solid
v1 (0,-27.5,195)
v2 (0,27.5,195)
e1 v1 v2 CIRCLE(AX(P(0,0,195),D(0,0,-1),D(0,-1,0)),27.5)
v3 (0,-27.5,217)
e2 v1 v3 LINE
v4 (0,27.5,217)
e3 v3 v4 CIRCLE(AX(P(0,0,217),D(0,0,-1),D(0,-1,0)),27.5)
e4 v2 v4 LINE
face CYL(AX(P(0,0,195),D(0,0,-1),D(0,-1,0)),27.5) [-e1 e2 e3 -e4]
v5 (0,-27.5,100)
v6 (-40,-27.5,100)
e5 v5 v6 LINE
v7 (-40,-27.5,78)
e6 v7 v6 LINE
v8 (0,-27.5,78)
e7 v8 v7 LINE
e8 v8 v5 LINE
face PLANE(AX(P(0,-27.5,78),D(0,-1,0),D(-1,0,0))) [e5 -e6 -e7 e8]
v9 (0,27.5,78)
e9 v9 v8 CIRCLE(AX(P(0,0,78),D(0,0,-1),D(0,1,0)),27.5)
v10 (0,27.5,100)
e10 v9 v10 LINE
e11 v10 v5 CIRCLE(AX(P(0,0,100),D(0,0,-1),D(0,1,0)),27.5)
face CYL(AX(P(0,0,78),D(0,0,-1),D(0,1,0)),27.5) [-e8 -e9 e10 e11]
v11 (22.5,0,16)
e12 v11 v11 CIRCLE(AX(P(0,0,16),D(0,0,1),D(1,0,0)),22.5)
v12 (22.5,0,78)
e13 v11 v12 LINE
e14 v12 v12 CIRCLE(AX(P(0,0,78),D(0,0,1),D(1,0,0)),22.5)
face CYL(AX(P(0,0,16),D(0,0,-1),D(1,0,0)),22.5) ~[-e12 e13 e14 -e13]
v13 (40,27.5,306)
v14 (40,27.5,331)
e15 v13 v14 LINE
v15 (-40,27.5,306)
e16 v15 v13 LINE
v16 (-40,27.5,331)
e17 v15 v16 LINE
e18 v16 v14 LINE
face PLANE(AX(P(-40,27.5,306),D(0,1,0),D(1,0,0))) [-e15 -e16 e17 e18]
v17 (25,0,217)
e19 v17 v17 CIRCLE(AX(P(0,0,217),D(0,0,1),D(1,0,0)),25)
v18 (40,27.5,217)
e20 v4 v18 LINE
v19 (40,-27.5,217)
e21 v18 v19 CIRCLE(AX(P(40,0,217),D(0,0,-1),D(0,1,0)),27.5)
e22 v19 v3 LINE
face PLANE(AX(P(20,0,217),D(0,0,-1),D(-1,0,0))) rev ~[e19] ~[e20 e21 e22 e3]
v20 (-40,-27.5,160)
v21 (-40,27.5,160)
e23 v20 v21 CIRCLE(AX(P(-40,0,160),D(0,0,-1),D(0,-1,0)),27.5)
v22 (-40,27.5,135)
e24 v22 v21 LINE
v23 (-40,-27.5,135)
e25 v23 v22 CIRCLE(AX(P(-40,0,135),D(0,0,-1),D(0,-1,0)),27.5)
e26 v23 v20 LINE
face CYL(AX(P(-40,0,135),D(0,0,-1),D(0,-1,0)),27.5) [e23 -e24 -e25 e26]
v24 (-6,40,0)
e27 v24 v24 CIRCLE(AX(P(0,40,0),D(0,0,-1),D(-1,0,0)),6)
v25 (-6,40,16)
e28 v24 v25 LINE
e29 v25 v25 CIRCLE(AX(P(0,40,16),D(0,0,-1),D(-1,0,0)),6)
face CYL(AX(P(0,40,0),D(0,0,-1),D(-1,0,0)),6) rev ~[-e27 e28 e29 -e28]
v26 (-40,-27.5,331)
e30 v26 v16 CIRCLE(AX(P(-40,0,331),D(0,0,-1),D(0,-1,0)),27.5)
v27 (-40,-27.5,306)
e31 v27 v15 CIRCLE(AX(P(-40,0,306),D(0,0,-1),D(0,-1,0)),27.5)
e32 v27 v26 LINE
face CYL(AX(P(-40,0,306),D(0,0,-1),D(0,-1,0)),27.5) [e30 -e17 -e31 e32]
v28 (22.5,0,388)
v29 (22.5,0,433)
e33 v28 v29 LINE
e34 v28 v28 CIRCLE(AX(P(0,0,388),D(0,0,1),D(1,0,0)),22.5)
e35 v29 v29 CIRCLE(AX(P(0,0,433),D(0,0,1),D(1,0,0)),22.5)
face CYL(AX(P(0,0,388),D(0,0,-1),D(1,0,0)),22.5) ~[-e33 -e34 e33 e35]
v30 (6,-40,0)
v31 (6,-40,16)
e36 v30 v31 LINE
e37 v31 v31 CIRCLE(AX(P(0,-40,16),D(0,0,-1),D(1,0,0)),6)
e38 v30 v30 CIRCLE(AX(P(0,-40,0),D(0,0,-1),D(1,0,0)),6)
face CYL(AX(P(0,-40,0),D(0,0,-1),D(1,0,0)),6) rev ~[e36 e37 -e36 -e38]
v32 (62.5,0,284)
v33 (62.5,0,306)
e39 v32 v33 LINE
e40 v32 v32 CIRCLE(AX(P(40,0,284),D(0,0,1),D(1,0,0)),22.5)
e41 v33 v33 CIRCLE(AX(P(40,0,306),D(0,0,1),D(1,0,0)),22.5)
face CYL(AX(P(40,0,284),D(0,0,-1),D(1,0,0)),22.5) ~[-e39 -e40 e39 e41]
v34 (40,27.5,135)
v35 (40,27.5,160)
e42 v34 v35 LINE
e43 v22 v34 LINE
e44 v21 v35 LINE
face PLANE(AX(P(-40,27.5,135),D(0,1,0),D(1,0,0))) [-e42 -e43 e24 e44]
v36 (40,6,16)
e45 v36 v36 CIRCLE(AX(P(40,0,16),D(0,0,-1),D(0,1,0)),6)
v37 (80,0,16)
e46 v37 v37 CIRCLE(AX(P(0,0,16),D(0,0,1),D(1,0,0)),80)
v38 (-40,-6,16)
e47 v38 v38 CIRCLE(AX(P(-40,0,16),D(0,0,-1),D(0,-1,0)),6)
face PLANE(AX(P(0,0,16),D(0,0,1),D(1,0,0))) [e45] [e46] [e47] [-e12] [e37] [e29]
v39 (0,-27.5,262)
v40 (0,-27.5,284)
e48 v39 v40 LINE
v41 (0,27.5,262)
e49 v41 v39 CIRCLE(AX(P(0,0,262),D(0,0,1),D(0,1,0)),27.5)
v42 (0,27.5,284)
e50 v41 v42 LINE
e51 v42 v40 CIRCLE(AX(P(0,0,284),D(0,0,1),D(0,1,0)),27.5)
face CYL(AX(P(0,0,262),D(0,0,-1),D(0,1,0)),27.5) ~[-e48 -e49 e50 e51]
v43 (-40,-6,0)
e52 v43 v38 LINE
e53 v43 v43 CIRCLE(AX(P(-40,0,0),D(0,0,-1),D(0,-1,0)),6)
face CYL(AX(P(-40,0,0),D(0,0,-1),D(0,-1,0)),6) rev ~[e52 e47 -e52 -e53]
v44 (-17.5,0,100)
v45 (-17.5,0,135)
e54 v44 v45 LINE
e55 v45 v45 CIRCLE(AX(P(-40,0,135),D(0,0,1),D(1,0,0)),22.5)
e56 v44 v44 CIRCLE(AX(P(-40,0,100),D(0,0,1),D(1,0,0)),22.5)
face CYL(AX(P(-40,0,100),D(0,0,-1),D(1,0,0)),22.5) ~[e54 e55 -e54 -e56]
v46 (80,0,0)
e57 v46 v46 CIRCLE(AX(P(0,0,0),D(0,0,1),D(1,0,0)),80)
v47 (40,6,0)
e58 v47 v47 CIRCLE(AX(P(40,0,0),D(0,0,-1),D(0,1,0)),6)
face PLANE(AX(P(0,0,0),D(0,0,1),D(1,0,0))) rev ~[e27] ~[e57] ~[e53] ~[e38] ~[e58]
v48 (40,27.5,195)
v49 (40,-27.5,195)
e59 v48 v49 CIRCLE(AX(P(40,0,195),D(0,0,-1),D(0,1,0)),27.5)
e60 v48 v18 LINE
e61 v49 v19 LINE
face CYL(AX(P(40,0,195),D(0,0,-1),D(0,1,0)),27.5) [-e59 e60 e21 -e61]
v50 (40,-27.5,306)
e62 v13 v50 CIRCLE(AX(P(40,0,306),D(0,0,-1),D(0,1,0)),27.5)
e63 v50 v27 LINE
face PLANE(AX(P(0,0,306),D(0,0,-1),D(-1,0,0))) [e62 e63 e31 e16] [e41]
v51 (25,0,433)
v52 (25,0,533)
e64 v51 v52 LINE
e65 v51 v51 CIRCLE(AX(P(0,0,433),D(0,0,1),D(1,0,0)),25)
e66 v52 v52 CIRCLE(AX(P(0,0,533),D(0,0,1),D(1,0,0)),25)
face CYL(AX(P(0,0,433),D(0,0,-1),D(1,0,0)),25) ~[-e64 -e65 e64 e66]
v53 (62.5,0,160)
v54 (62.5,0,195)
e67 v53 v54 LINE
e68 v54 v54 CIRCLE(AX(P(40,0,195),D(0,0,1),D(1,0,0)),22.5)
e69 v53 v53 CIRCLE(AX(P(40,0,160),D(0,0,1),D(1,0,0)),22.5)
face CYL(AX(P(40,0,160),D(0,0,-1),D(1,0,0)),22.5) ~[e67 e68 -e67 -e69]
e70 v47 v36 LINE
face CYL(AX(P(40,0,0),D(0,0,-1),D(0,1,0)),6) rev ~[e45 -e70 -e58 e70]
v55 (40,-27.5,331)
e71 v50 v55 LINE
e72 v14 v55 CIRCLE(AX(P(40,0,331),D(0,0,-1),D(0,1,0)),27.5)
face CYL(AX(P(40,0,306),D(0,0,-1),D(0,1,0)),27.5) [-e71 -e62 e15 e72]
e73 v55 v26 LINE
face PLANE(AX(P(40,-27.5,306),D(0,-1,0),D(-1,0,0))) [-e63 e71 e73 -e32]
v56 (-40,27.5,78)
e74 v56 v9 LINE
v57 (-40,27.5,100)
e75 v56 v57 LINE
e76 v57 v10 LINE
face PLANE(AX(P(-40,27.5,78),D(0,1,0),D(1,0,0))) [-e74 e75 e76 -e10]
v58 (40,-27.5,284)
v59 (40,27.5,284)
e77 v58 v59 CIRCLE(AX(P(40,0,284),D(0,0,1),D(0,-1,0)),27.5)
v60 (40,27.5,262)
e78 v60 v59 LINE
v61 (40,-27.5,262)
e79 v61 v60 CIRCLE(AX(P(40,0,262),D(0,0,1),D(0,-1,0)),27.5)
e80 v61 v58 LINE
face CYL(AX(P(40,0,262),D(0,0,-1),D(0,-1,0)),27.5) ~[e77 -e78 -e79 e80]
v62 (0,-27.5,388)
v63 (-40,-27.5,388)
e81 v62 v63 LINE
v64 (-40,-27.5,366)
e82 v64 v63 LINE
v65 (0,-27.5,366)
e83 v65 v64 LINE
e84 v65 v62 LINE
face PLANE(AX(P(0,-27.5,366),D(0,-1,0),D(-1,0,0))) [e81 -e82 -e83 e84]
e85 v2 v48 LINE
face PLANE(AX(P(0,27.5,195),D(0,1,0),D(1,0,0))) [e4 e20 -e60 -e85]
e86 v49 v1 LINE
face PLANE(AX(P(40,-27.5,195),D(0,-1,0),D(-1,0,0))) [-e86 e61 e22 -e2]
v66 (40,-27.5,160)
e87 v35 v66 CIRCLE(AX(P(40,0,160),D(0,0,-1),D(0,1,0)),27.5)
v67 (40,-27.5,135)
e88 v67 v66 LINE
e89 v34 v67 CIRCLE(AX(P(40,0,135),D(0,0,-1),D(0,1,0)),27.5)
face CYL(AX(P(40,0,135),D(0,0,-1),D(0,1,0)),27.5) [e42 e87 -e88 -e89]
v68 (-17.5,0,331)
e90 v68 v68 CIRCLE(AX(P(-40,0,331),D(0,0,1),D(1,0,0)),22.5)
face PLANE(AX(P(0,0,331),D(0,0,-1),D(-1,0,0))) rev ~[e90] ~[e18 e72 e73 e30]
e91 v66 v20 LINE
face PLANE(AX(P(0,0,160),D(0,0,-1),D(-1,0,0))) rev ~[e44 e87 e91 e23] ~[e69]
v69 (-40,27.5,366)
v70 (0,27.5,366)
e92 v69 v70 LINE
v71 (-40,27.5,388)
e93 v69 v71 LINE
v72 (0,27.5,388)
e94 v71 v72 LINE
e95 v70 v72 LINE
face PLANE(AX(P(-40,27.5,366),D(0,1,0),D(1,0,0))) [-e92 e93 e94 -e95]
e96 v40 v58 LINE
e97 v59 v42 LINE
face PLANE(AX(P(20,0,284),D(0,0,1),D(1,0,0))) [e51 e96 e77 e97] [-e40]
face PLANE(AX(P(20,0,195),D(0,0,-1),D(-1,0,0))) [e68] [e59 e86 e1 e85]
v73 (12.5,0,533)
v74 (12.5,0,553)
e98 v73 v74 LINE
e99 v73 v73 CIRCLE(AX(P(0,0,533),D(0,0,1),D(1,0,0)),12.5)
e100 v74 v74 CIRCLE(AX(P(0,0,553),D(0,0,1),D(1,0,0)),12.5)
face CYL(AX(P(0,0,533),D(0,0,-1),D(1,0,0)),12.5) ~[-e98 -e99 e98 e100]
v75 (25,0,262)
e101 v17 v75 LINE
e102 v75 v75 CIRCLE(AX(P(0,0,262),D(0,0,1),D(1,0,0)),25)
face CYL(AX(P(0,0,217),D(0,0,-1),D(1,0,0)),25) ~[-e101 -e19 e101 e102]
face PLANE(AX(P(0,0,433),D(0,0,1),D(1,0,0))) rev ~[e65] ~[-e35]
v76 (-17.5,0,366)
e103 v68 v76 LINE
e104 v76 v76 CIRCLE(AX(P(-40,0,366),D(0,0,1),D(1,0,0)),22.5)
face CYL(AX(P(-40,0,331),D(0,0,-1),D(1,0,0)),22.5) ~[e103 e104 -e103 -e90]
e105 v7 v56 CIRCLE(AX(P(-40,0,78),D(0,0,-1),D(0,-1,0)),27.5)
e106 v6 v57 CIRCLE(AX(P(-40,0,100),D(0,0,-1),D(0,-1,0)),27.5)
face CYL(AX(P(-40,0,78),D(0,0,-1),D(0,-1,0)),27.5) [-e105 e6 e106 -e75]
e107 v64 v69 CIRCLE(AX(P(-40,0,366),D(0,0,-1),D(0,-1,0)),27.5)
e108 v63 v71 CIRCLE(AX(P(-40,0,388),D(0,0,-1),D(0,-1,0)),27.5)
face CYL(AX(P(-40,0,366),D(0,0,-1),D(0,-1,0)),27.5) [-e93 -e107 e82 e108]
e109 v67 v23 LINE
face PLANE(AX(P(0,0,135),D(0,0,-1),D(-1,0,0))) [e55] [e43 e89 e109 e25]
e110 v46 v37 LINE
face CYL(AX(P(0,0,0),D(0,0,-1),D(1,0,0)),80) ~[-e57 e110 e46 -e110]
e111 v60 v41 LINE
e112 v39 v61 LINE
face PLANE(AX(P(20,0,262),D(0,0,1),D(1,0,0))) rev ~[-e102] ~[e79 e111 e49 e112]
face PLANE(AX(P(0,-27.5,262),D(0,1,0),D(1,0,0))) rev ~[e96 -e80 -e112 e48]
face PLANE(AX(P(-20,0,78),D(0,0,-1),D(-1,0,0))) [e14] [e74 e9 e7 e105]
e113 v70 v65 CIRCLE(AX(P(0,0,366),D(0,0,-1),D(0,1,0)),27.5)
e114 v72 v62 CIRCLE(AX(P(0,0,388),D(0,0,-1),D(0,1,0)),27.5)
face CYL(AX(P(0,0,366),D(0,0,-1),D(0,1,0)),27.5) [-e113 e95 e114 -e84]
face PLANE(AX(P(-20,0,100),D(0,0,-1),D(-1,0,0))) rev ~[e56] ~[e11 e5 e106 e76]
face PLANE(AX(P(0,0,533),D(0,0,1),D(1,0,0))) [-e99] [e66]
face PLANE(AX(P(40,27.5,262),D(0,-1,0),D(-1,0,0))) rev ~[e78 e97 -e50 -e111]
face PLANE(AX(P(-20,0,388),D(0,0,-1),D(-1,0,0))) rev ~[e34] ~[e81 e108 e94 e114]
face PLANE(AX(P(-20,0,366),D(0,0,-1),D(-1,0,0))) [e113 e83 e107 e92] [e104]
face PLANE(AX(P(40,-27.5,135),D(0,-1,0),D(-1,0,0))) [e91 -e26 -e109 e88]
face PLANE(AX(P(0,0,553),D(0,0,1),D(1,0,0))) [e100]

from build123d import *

# Parameters (mm, degrees)
SKETCH1_R            = 80
BOSS_EXTRUDE1_DEPTH  = 16
SKETCH2_R            = 22.5
BOSS_EXTRUDE2_DEPTH  = 62
BOSS_EXTRUDE3_DEPTH  = 22
SKETCH4_R            = 22.5
BOSS_EXTRUDE4_DEPTH  = 35
BOSS_EXTRUDE5_DEPTH  = 25
SKETCH6_R            = 22.5
BOSS_EXTRUDE6_DEPTH  = 35
BOSS_EXTRUDE7_DEPTH  = 22
SKETCH8_R            = 25
BOSS_EXTRUDE8_DEPTH  = 45
BOSS_EXTRUDE9_DEPTH  = 22
SKETCH10_R           = 22.5
BOSS_EXTRUDE10_DEPTH = 22
BOSS_EXTRUDE11_DEPTH = 25
SKETCH12_R           = 22.5
BOSS_EXTRUDE12_DEPTH = 35
BOSS_EXTRUDE13_DEPTH = 22
SKETCH14_R           = 22.5
BOSS_EXTRUDE14_DEPTH = 45
SKETCH15_R           = 25
BOSS_EXTRUDE15_DEPTH = 100
SKETCH16_R           = 12.5
BOSS_EXTRUDE16_DEPTH = 20
SKETCH17_R           = 6
CUT_EXTRUDE1_DEPTH   = 16
CIRPATTERN1_COUNT    = 4


with BuildPart() as part:
    # Sketch1 → Boss-Extrude1 (new body)
    with BuildSketch(Plane.XY):
        Circle(SKETCH1_R)
    extrude(amount=BOSS_EXTRUDE1_DEPTH)

    # Sketch2 → Boss-Extrude2 (add)
    with BuildSketch(Plane.XY.offset(16)):
        Circle(SKETCH2_R)
    extrude(amount=BOSS_EXTRUDE2_DEPTH)

    # Sketch3 → Boss-Extrude3 (add)
    with BuildSketch(Plane.XY.offset(78)):
        with BuildLine():
            Line((0, -27.5), (-40, -27.5))
            ThreePointArc((-40, -27.5), (-67.5, 0), (-40, 27.5))
            Line((-40, 27.5), (0, 27.5))
            ThreePointArc((0, 27.5), (27.5, 0), (0, -27.5))
        make_face()
    extrude(amount=BOSS_EXTRUDE3_DEPTH)

    # Sketch4 → Boss-Extrude4 (add)
    with BuildSketch(Plane.XY.offset(100)):
        with Locations((-40, 0)):
            Circle(SKETCH4_R)
    extrude(amount=BOSS_EXTRUDE4_DEPTH)

    # Sketch5 → Boss-Extrude5 (add)
    with BuildSketch(Plane.XY.offset(135)):
        with BuildLine():
            Line((-40, 27.5), (40, 27.5))
            ThreePointArc((40, 27.5), (67.5, 0), (40, -27.5))
            Line((40, -27.5), (-40, -27.5))
            ThreePointArc((-40, -27.5), (-67.5, 0), (-40, 27.5))
        make_face()
    extrude(amount=BOSS_EXTRUDE5_DEPTH)

    # Sketch6 → Boss-Extrude6 (add)
    with BuildSketch(Plane.XY.offset(160)):
        with Locations((40, 0)):
            Circle(SKETCH6_R)
    extrude(amount=BOSS_EXTRUDE6_DEPTH)

    # Sketch7 → Boss-Extrude7 (add)
    with BuildSketch(Plane.XY.offset(195)):
        with BuildLine():
            Line((40, -27.5), (0, -27.5))
            ThreePointArc((0, -27.5), (-27.5, 0), (0, 27.5))
            Line((0, 27.5), (40, 27.5))
            ThreePointArc((40, 27.5), (67.5, 0), (40, -27.5))
        make_face()
    extrude(amount=BOSS_EXTRUDE7_DEPTH)

    # Sketch8 → Boss-Extrude8 (add)
    with BuildSketch(Plane.XY.offset(217)):
        Circle(SKETCH8_R)
    extrude(amount=BOSS_EXTRUDE8_DEPTH)

    # Sketch9 → Boss-Extrude9 (add)
    with BuildSketch(Plane.XY.offset(262)):
        with BuildLine():
            Line((40, 27.5), (0, 27.5))
            ThreePointArc((0, 27.5), (-27.5, 0), (0, -27.5))
            Line((0, -27.5), (40, -27.5))
            ThreePointArc((40, -27.5), (67.5, 0), (40, 27.5))
        make_face()
    extrude(amount=BOSS_EXTRUDE9_DEPTH)

    # Sketch10 → Boss-Extrude10 (add)
    with BuildSketch(Plane.XY.offset(284)):
        with Locations((40, 0)):
            Circle(SKETCH10_R)
    extrude(amount=BOSS_EXTRUDE10_DEPTH)

    # Sketch11 → Boss-Extrude11 (add)
    with BuildSketch(Plane.XY.offset(306)):
        with BuildLine():
            Line((40, -27.5), (-40, -27.5))
            ThreePointArc((-40, -27.5), (-67.5, 0), (-40, 27.5))
            Line((-40, 27.5), (40, 27.5))
            ThreePointArc((40, 27.5), (67.5, 0), (40, -27.5))
        make_face()
    extrude(amount=BOSS_EXTRUDE11_DEPTH)

    # Sketch12 → Boss-Extrude12 (add)
    with BuildSketch(Plane.XY.offset(331)):
        with Locations((-40, 0)):
            Circle(SKETCH12_R)
    extrude(amount=BOSS_EXTRUDE12_DEPTH)

    # Sketch13 → Boss-Extrude13 (add)
    with BuildSketch(Plane.XY.offset(366)):
        with BuildLine():
            Line((-40, 27.5), (0, 27.5))
            ThreePointArc((0, 27.5), (27.5, 0), (0, -27.5))
            Line((0, -27.5), (-40, -27.5))
            ThreePointArc((-40, -27.5), (-67.5, 0), (-40, 27.5))
        make_face()
    extrude(amount=BOSS_EXTRUDE13_DEPTH)

    # Sketch14 → Boss-Extrude14 (add)
    with BuildSketch(Plane.XY.offset(388)):
        Circle(SKETCH14_R)
    extrude(amount=BOSS_EXTRUDE14_DEPTH)

    # Sketch15 → Boss-Extrude15 (add)
    with BuildSketch(Plane.XY.offset(433)):
        Circle(SKETCH15_R)
    extrude(amount=BOSS_EXTRUDE15_DEPTH)

    # Sketch16 → Boss-Extrude16 (add)
    with BuildSketch(Plane.XY.offset(533)):
        Circle(SKETCH16_R)
    extrude(amount=BOSS_EXTRUDE16_DEPTH)

    # Sketch17 → Cut-Extrude1 (cut)
    with BuildSketch(Plane(origin=(0, 0, 0), x_dir=(-1, 0, 0), z_dir=(0, 0, -1))):
        with Locations((0, 40)):
            Circle(SKETCH17_R)
    cut_extrude1 = extrude(amount=-CUT_EXTRUDE1_DEPTH, mode=Mode.SUBTRACT)

    # CirPattern1: Cut-Extrude1 ×4 about axis
    cirpattern1_axis = Axis((0, 0, 0), (0, 0, 1))
    for i in range(1, CIRPATTERN1_COUNT):
        add(cut_extrude1.rotate(cirpattern1_axis, i * 360 / CIRPATTERN1_COUNT), mode=Mode.SUBTRACT)


solid = part.part
